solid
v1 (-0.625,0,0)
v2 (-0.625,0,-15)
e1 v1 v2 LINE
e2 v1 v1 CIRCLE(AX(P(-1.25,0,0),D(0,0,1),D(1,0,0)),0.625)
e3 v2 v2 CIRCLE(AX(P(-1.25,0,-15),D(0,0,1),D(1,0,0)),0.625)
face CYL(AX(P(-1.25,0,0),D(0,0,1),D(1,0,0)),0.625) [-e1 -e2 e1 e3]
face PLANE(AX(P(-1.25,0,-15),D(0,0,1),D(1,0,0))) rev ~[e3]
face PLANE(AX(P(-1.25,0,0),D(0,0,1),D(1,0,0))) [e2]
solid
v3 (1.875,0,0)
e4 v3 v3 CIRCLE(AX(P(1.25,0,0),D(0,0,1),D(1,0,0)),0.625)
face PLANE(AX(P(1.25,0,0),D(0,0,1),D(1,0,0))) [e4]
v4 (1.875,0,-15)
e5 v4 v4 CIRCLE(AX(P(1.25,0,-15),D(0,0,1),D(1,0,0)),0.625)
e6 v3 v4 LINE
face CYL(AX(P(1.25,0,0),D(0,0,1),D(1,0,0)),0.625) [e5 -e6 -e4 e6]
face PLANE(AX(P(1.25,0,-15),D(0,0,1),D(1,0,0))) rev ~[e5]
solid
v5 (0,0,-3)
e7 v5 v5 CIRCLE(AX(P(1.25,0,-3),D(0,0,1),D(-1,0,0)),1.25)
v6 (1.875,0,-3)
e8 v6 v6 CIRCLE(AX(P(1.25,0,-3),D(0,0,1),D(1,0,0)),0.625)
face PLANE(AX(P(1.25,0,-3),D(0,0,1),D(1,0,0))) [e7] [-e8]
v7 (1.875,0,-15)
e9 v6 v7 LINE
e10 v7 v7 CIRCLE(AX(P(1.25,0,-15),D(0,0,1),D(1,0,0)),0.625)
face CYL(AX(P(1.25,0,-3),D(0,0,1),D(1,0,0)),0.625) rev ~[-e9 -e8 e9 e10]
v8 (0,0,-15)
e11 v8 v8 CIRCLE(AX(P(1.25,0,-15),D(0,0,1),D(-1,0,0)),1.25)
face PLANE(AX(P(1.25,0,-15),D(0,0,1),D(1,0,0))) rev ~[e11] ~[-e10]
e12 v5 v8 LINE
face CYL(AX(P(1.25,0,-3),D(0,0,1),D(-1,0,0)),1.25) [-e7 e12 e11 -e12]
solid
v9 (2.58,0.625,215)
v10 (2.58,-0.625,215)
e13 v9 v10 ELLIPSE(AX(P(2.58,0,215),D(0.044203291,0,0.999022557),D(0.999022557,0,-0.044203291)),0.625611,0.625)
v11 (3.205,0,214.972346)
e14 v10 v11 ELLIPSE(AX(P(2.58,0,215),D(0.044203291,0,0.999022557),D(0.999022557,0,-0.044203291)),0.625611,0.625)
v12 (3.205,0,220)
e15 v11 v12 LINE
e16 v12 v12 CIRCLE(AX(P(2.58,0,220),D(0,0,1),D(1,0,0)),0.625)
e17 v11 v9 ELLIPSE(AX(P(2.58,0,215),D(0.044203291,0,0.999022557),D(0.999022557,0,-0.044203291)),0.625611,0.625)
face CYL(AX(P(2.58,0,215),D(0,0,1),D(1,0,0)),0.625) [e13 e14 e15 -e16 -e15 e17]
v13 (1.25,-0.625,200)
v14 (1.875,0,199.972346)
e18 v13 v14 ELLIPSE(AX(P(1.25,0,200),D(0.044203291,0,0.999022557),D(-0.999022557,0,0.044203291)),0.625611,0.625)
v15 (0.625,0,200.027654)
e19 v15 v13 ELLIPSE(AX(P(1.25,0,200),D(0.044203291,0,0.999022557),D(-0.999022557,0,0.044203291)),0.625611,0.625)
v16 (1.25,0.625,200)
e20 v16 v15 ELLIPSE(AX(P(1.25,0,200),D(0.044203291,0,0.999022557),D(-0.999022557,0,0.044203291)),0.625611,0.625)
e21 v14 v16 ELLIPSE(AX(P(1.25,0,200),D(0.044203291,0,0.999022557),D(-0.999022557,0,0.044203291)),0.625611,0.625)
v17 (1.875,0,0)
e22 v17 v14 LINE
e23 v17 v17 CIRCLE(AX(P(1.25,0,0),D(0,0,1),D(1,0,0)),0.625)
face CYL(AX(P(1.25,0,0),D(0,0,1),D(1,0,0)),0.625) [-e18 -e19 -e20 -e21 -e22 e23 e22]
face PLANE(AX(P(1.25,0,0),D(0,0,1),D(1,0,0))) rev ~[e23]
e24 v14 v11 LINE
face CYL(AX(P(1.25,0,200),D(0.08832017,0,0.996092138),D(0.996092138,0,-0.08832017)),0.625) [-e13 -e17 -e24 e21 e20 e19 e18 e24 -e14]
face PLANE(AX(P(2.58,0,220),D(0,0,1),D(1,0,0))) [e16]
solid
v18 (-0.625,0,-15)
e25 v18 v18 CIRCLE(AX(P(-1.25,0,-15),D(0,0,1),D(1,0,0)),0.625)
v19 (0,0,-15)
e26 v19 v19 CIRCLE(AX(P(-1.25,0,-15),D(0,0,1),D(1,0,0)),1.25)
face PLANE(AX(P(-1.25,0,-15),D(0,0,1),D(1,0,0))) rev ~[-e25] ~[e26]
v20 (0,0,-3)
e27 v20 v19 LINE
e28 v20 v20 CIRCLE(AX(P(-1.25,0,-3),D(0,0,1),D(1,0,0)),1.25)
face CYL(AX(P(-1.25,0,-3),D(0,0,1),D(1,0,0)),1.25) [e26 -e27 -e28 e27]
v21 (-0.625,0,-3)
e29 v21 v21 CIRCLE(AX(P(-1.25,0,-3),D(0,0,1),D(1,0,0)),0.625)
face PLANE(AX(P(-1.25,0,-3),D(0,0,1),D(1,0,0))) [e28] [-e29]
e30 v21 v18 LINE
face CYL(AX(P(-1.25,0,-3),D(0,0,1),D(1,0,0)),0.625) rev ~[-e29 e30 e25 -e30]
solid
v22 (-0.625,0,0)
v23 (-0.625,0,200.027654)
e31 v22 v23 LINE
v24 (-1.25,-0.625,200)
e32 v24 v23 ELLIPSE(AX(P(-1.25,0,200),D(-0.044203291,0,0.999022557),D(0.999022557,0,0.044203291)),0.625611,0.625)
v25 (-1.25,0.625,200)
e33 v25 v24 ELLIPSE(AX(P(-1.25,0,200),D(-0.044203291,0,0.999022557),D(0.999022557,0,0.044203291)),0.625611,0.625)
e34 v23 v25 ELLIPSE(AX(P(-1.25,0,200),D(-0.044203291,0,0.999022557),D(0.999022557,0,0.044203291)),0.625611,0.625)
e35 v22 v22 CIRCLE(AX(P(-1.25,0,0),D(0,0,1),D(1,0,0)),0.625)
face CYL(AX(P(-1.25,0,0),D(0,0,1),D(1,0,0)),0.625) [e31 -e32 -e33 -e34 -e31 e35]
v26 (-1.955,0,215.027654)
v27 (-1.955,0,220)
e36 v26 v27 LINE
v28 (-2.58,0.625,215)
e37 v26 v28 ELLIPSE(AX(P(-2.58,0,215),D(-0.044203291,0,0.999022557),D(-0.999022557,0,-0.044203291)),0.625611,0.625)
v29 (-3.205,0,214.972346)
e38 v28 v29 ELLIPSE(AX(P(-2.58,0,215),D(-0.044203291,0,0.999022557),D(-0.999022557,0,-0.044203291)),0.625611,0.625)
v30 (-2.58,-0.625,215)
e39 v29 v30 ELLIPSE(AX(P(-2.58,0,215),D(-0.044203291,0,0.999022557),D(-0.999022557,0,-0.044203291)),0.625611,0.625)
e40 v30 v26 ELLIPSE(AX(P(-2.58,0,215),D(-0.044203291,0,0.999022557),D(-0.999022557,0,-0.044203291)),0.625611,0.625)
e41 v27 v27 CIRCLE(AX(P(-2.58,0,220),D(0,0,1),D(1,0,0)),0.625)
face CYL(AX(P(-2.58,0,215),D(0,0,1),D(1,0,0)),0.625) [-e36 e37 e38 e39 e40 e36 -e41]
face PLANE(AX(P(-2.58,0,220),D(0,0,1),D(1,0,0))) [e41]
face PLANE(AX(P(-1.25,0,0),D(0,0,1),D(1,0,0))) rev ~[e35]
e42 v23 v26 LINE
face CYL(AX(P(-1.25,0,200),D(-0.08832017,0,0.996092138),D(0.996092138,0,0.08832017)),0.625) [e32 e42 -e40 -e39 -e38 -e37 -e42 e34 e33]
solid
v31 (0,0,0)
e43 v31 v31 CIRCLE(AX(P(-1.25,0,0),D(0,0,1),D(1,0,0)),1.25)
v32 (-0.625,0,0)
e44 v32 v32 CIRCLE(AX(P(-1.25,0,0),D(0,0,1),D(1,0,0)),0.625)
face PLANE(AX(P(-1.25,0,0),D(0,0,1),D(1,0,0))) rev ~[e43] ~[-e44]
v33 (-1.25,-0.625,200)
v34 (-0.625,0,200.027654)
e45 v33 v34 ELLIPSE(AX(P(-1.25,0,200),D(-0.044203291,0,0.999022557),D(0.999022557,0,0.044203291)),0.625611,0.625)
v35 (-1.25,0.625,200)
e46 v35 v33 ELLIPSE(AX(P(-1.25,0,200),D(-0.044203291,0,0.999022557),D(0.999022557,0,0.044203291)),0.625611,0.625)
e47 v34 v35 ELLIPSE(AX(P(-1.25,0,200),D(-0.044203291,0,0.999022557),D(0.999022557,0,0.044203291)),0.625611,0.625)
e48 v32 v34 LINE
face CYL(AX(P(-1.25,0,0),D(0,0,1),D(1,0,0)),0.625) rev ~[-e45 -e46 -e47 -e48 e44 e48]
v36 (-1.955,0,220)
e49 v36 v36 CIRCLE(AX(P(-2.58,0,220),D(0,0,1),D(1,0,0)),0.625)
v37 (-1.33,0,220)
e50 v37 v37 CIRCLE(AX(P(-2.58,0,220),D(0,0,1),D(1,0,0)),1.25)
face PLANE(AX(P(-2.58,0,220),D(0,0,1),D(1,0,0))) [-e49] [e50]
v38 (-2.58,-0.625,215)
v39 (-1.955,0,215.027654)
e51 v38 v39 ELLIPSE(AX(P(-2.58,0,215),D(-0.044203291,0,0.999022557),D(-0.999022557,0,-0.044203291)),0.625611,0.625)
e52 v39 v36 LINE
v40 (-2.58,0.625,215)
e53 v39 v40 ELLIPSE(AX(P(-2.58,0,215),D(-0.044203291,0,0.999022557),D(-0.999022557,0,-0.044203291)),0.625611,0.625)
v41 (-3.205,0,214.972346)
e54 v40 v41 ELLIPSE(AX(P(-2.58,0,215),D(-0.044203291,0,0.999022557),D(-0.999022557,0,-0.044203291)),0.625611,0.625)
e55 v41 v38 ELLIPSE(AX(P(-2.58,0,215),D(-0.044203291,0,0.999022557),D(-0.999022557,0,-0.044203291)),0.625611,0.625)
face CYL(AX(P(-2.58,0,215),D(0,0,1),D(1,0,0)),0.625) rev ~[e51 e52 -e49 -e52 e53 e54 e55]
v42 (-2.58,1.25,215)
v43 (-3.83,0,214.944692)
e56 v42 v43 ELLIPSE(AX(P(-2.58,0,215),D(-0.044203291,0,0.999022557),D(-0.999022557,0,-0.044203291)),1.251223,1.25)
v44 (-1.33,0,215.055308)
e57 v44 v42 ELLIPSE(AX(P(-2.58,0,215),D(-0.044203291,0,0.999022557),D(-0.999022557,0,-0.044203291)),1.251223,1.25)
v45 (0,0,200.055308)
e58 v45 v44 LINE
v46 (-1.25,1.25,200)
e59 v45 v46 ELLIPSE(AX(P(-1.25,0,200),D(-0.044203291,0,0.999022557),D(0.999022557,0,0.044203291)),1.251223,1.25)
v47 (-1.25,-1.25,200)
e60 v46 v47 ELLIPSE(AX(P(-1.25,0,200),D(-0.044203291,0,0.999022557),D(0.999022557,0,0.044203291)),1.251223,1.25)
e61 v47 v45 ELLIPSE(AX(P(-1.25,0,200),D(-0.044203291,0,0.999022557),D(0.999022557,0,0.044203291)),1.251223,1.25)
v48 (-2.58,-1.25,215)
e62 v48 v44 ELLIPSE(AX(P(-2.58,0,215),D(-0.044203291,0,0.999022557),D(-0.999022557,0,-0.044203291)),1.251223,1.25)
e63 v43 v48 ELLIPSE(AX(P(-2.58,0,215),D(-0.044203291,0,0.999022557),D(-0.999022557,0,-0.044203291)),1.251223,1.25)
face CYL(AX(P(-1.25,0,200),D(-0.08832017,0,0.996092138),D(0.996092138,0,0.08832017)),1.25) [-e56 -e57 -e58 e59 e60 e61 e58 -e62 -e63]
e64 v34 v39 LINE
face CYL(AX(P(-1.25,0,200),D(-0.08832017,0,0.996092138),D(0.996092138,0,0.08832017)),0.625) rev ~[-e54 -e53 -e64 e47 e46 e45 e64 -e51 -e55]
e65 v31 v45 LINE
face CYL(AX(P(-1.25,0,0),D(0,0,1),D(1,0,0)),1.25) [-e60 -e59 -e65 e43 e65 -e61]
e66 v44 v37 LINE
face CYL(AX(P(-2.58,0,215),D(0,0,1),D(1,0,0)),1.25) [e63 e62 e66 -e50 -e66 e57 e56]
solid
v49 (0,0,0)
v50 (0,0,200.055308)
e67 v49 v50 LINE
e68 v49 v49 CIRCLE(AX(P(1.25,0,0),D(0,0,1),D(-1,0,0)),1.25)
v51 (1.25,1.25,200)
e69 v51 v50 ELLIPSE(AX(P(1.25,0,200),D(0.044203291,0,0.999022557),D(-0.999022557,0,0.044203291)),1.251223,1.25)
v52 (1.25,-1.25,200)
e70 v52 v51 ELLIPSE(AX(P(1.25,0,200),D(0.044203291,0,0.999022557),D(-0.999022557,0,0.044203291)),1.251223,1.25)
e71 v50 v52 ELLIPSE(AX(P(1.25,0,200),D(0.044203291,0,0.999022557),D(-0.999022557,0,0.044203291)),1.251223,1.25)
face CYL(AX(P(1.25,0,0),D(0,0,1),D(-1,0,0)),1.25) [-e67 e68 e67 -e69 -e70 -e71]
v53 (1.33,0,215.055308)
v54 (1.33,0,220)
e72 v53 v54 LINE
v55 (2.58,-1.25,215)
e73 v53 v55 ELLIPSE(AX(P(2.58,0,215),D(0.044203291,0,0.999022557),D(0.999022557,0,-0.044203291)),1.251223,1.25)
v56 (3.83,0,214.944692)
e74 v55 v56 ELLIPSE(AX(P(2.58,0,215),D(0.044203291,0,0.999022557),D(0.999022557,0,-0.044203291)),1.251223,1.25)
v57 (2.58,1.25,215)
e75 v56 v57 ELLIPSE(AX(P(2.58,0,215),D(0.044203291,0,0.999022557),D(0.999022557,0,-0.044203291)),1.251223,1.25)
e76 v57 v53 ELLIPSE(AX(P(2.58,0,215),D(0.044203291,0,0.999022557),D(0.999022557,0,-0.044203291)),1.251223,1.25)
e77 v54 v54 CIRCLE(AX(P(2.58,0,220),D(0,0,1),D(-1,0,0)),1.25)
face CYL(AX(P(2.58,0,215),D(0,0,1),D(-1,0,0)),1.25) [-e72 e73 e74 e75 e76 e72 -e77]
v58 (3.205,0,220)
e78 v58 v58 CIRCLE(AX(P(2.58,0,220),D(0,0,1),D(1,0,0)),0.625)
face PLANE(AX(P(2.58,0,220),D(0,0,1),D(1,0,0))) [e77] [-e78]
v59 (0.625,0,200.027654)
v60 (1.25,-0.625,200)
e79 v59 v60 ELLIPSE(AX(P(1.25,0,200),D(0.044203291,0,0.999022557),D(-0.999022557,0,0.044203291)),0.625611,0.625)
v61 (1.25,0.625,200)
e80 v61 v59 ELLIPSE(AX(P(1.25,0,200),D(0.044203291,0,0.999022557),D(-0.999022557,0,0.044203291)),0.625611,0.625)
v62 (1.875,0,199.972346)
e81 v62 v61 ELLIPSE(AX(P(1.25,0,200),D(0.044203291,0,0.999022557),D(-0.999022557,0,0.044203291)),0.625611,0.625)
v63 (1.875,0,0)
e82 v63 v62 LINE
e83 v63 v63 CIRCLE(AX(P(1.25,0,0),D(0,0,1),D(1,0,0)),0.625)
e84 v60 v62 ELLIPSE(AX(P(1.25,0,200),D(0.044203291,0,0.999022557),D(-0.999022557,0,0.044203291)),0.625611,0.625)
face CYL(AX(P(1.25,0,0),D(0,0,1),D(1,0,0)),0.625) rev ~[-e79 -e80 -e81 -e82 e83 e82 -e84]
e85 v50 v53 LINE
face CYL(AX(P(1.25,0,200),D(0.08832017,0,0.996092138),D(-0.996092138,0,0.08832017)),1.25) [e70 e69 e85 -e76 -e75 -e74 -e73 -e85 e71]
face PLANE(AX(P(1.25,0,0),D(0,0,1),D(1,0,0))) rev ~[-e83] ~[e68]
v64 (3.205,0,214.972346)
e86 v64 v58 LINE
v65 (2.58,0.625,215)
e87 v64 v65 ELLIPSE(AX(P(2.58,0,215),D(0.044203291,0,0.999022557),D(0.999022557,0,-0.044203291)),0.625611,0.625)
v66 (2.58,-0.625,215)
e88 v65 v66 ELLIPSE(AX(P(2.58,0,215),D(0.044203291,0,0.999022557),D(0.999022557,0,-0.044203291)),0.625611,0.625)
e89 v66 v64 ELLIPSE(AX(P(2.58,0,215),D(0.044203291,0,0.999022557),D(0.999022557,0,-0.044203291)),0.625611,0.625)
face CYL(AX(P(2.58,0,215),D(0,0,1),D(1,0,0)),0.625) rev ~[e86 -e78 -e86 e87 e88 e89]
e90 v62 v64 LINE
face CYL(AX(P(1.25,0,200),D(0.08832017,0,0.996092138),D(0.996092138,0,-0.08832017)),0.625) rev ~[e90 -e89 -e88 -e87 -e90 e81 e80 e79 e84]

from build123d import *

# Parameters (mm, degrees)
F1_R     = 0.625
F1_R_2   = 1.25
F6_DEPTH = 15
F7_START = -3
F7_DEPTH = 12


with BuildPart() as f2:
    # F2: sweep along a path in F0
    with BuildLine(Plane.XZ) as f2_path:
        Line((1.25, 0), (1.25, 200))
        Line((1.25, 200), (2.58, 215))
        Line((2.58, 215), (2.58, 220))
    # F1 (on Top) → F2 (sweep)
    with BuildSketch(Plane.XY):
        with Locations((1.25, 0)):
            Circle(F1_R)
    sweep(path=f2_path.line, transition=Transition.RIGHT)


with BuildPart() as f3:
    # F3: sweep along a path in F0
    with BuildLine(Plane.XZ) as f3_path:
        Line((-1.25, 0), (-1.25, 200))
        Line((-1.25, 200), (-2.58, 215))
        Line((-2.58, 215), (-2.58, 220))
    # F1 (on Top) → F3 (sweep)
    with BuildSketch(Plane.XY):
        with Locations((-1.25, 0)):
            Circle(F1_R)
    sweep(path=f3_path.line, transition=Transition.RIGHT)


with BuildPart() as f4:
    # F4: sweep along a path in F0
    with BuildLine(Plane.XZ) as f4_path:
        Line((1.25, 0), (1.25, 200))
        Line((1.25, 200), (2.58, 215))
        Line((2.58, 215), (2.58, 220))
    # F1 (on Top) → F4 (sweep)
    with BuildSketch(Plane.XY):
        with BuildLine():
            ThreePointArc((2.5, 0), (1.25, 1.25), (0, 0))
            ThreePointArc((0, 0), (1.25, -1.25), (2.5, 0))
        make_face()
        with Locations((1.25, 0)):
            Circle(F1_R, mode=Mode.SUBTRACT)
    sweep(path=f4_path.line, transition=Transition.RIGHT)


with BuildPart() as f5:
    # F5: sweep along a path in F0
    with BuildLine(Plane.XZ) as f5_path:
        Line((-1.25, 0), (-1.25, 200))
        Line((-1.25, 200), (-2.58, 215))
        Line((-2.58, 215), (-2.58, 220))
    # F1 (on Top) → F5 (sweep)
    with BuildSketch(Plane.XY):
        with Locations((-1.25, 0)):
            Circle(F1_R_2)
        with Locations((-1.25, 0)):
            Circle(F1_R, mode=Mode.SUBTRACT)
    sweep(path=f5_path.line, transition=Transition.RIGHT)


with BuildPart() as f6:
    # F1 (on Top) → F6 (new body)
    with BuildSketch(Plane.XY):
        with Locations((-1.25, 0)):
            Circle(F1_R)
    extrude(amount=-F6_DEPTH)


with BuildPart() as f6b:
    # F1 (on Top) → F6, piece 2 (new body)
    with BuildSketch(Plane.XY):
        with Locations((1.25, 0)):
            Circle(F1_R)
    extrude(amount=-F6_DEPTH)


with BuildPart() as f7:
    # F1 (on Top) → F7 (new body)
    with BuildSketch(Plane.XY.offset(F7_START)):
        with Locations((-1.25, 0)):
            Circle(F1_R_2)
        with Locations((-1.25, 0)):
            Circle(F1_R, mode=Mode.SUBTRACT)
    extrude(amount=-F7_DEPTH)


with BuildPart() as f7b:
    # F1 (on Top) → F7, piece 2 (new body)
    with BuildSketch(Plane.XY.offset(F7_START)):
        with BuildLine():
            ThreePointArc((2.5, 0), (1.25, 1.25), (0, 0))
            ThreePointArc((0, 0), (1.25, -1.25), (2.5, 0))
        make_face()
        with Locations((1.25, 0)):
            Circle(F1_R, mode=Mode.SUBTRACT)
    extrude(amount=-F7_DEPTH)


solid = Compound([f2.part, f3.part, f4.part, f5.part, f6.part, f6b.part, f7.part, f7b.part])
